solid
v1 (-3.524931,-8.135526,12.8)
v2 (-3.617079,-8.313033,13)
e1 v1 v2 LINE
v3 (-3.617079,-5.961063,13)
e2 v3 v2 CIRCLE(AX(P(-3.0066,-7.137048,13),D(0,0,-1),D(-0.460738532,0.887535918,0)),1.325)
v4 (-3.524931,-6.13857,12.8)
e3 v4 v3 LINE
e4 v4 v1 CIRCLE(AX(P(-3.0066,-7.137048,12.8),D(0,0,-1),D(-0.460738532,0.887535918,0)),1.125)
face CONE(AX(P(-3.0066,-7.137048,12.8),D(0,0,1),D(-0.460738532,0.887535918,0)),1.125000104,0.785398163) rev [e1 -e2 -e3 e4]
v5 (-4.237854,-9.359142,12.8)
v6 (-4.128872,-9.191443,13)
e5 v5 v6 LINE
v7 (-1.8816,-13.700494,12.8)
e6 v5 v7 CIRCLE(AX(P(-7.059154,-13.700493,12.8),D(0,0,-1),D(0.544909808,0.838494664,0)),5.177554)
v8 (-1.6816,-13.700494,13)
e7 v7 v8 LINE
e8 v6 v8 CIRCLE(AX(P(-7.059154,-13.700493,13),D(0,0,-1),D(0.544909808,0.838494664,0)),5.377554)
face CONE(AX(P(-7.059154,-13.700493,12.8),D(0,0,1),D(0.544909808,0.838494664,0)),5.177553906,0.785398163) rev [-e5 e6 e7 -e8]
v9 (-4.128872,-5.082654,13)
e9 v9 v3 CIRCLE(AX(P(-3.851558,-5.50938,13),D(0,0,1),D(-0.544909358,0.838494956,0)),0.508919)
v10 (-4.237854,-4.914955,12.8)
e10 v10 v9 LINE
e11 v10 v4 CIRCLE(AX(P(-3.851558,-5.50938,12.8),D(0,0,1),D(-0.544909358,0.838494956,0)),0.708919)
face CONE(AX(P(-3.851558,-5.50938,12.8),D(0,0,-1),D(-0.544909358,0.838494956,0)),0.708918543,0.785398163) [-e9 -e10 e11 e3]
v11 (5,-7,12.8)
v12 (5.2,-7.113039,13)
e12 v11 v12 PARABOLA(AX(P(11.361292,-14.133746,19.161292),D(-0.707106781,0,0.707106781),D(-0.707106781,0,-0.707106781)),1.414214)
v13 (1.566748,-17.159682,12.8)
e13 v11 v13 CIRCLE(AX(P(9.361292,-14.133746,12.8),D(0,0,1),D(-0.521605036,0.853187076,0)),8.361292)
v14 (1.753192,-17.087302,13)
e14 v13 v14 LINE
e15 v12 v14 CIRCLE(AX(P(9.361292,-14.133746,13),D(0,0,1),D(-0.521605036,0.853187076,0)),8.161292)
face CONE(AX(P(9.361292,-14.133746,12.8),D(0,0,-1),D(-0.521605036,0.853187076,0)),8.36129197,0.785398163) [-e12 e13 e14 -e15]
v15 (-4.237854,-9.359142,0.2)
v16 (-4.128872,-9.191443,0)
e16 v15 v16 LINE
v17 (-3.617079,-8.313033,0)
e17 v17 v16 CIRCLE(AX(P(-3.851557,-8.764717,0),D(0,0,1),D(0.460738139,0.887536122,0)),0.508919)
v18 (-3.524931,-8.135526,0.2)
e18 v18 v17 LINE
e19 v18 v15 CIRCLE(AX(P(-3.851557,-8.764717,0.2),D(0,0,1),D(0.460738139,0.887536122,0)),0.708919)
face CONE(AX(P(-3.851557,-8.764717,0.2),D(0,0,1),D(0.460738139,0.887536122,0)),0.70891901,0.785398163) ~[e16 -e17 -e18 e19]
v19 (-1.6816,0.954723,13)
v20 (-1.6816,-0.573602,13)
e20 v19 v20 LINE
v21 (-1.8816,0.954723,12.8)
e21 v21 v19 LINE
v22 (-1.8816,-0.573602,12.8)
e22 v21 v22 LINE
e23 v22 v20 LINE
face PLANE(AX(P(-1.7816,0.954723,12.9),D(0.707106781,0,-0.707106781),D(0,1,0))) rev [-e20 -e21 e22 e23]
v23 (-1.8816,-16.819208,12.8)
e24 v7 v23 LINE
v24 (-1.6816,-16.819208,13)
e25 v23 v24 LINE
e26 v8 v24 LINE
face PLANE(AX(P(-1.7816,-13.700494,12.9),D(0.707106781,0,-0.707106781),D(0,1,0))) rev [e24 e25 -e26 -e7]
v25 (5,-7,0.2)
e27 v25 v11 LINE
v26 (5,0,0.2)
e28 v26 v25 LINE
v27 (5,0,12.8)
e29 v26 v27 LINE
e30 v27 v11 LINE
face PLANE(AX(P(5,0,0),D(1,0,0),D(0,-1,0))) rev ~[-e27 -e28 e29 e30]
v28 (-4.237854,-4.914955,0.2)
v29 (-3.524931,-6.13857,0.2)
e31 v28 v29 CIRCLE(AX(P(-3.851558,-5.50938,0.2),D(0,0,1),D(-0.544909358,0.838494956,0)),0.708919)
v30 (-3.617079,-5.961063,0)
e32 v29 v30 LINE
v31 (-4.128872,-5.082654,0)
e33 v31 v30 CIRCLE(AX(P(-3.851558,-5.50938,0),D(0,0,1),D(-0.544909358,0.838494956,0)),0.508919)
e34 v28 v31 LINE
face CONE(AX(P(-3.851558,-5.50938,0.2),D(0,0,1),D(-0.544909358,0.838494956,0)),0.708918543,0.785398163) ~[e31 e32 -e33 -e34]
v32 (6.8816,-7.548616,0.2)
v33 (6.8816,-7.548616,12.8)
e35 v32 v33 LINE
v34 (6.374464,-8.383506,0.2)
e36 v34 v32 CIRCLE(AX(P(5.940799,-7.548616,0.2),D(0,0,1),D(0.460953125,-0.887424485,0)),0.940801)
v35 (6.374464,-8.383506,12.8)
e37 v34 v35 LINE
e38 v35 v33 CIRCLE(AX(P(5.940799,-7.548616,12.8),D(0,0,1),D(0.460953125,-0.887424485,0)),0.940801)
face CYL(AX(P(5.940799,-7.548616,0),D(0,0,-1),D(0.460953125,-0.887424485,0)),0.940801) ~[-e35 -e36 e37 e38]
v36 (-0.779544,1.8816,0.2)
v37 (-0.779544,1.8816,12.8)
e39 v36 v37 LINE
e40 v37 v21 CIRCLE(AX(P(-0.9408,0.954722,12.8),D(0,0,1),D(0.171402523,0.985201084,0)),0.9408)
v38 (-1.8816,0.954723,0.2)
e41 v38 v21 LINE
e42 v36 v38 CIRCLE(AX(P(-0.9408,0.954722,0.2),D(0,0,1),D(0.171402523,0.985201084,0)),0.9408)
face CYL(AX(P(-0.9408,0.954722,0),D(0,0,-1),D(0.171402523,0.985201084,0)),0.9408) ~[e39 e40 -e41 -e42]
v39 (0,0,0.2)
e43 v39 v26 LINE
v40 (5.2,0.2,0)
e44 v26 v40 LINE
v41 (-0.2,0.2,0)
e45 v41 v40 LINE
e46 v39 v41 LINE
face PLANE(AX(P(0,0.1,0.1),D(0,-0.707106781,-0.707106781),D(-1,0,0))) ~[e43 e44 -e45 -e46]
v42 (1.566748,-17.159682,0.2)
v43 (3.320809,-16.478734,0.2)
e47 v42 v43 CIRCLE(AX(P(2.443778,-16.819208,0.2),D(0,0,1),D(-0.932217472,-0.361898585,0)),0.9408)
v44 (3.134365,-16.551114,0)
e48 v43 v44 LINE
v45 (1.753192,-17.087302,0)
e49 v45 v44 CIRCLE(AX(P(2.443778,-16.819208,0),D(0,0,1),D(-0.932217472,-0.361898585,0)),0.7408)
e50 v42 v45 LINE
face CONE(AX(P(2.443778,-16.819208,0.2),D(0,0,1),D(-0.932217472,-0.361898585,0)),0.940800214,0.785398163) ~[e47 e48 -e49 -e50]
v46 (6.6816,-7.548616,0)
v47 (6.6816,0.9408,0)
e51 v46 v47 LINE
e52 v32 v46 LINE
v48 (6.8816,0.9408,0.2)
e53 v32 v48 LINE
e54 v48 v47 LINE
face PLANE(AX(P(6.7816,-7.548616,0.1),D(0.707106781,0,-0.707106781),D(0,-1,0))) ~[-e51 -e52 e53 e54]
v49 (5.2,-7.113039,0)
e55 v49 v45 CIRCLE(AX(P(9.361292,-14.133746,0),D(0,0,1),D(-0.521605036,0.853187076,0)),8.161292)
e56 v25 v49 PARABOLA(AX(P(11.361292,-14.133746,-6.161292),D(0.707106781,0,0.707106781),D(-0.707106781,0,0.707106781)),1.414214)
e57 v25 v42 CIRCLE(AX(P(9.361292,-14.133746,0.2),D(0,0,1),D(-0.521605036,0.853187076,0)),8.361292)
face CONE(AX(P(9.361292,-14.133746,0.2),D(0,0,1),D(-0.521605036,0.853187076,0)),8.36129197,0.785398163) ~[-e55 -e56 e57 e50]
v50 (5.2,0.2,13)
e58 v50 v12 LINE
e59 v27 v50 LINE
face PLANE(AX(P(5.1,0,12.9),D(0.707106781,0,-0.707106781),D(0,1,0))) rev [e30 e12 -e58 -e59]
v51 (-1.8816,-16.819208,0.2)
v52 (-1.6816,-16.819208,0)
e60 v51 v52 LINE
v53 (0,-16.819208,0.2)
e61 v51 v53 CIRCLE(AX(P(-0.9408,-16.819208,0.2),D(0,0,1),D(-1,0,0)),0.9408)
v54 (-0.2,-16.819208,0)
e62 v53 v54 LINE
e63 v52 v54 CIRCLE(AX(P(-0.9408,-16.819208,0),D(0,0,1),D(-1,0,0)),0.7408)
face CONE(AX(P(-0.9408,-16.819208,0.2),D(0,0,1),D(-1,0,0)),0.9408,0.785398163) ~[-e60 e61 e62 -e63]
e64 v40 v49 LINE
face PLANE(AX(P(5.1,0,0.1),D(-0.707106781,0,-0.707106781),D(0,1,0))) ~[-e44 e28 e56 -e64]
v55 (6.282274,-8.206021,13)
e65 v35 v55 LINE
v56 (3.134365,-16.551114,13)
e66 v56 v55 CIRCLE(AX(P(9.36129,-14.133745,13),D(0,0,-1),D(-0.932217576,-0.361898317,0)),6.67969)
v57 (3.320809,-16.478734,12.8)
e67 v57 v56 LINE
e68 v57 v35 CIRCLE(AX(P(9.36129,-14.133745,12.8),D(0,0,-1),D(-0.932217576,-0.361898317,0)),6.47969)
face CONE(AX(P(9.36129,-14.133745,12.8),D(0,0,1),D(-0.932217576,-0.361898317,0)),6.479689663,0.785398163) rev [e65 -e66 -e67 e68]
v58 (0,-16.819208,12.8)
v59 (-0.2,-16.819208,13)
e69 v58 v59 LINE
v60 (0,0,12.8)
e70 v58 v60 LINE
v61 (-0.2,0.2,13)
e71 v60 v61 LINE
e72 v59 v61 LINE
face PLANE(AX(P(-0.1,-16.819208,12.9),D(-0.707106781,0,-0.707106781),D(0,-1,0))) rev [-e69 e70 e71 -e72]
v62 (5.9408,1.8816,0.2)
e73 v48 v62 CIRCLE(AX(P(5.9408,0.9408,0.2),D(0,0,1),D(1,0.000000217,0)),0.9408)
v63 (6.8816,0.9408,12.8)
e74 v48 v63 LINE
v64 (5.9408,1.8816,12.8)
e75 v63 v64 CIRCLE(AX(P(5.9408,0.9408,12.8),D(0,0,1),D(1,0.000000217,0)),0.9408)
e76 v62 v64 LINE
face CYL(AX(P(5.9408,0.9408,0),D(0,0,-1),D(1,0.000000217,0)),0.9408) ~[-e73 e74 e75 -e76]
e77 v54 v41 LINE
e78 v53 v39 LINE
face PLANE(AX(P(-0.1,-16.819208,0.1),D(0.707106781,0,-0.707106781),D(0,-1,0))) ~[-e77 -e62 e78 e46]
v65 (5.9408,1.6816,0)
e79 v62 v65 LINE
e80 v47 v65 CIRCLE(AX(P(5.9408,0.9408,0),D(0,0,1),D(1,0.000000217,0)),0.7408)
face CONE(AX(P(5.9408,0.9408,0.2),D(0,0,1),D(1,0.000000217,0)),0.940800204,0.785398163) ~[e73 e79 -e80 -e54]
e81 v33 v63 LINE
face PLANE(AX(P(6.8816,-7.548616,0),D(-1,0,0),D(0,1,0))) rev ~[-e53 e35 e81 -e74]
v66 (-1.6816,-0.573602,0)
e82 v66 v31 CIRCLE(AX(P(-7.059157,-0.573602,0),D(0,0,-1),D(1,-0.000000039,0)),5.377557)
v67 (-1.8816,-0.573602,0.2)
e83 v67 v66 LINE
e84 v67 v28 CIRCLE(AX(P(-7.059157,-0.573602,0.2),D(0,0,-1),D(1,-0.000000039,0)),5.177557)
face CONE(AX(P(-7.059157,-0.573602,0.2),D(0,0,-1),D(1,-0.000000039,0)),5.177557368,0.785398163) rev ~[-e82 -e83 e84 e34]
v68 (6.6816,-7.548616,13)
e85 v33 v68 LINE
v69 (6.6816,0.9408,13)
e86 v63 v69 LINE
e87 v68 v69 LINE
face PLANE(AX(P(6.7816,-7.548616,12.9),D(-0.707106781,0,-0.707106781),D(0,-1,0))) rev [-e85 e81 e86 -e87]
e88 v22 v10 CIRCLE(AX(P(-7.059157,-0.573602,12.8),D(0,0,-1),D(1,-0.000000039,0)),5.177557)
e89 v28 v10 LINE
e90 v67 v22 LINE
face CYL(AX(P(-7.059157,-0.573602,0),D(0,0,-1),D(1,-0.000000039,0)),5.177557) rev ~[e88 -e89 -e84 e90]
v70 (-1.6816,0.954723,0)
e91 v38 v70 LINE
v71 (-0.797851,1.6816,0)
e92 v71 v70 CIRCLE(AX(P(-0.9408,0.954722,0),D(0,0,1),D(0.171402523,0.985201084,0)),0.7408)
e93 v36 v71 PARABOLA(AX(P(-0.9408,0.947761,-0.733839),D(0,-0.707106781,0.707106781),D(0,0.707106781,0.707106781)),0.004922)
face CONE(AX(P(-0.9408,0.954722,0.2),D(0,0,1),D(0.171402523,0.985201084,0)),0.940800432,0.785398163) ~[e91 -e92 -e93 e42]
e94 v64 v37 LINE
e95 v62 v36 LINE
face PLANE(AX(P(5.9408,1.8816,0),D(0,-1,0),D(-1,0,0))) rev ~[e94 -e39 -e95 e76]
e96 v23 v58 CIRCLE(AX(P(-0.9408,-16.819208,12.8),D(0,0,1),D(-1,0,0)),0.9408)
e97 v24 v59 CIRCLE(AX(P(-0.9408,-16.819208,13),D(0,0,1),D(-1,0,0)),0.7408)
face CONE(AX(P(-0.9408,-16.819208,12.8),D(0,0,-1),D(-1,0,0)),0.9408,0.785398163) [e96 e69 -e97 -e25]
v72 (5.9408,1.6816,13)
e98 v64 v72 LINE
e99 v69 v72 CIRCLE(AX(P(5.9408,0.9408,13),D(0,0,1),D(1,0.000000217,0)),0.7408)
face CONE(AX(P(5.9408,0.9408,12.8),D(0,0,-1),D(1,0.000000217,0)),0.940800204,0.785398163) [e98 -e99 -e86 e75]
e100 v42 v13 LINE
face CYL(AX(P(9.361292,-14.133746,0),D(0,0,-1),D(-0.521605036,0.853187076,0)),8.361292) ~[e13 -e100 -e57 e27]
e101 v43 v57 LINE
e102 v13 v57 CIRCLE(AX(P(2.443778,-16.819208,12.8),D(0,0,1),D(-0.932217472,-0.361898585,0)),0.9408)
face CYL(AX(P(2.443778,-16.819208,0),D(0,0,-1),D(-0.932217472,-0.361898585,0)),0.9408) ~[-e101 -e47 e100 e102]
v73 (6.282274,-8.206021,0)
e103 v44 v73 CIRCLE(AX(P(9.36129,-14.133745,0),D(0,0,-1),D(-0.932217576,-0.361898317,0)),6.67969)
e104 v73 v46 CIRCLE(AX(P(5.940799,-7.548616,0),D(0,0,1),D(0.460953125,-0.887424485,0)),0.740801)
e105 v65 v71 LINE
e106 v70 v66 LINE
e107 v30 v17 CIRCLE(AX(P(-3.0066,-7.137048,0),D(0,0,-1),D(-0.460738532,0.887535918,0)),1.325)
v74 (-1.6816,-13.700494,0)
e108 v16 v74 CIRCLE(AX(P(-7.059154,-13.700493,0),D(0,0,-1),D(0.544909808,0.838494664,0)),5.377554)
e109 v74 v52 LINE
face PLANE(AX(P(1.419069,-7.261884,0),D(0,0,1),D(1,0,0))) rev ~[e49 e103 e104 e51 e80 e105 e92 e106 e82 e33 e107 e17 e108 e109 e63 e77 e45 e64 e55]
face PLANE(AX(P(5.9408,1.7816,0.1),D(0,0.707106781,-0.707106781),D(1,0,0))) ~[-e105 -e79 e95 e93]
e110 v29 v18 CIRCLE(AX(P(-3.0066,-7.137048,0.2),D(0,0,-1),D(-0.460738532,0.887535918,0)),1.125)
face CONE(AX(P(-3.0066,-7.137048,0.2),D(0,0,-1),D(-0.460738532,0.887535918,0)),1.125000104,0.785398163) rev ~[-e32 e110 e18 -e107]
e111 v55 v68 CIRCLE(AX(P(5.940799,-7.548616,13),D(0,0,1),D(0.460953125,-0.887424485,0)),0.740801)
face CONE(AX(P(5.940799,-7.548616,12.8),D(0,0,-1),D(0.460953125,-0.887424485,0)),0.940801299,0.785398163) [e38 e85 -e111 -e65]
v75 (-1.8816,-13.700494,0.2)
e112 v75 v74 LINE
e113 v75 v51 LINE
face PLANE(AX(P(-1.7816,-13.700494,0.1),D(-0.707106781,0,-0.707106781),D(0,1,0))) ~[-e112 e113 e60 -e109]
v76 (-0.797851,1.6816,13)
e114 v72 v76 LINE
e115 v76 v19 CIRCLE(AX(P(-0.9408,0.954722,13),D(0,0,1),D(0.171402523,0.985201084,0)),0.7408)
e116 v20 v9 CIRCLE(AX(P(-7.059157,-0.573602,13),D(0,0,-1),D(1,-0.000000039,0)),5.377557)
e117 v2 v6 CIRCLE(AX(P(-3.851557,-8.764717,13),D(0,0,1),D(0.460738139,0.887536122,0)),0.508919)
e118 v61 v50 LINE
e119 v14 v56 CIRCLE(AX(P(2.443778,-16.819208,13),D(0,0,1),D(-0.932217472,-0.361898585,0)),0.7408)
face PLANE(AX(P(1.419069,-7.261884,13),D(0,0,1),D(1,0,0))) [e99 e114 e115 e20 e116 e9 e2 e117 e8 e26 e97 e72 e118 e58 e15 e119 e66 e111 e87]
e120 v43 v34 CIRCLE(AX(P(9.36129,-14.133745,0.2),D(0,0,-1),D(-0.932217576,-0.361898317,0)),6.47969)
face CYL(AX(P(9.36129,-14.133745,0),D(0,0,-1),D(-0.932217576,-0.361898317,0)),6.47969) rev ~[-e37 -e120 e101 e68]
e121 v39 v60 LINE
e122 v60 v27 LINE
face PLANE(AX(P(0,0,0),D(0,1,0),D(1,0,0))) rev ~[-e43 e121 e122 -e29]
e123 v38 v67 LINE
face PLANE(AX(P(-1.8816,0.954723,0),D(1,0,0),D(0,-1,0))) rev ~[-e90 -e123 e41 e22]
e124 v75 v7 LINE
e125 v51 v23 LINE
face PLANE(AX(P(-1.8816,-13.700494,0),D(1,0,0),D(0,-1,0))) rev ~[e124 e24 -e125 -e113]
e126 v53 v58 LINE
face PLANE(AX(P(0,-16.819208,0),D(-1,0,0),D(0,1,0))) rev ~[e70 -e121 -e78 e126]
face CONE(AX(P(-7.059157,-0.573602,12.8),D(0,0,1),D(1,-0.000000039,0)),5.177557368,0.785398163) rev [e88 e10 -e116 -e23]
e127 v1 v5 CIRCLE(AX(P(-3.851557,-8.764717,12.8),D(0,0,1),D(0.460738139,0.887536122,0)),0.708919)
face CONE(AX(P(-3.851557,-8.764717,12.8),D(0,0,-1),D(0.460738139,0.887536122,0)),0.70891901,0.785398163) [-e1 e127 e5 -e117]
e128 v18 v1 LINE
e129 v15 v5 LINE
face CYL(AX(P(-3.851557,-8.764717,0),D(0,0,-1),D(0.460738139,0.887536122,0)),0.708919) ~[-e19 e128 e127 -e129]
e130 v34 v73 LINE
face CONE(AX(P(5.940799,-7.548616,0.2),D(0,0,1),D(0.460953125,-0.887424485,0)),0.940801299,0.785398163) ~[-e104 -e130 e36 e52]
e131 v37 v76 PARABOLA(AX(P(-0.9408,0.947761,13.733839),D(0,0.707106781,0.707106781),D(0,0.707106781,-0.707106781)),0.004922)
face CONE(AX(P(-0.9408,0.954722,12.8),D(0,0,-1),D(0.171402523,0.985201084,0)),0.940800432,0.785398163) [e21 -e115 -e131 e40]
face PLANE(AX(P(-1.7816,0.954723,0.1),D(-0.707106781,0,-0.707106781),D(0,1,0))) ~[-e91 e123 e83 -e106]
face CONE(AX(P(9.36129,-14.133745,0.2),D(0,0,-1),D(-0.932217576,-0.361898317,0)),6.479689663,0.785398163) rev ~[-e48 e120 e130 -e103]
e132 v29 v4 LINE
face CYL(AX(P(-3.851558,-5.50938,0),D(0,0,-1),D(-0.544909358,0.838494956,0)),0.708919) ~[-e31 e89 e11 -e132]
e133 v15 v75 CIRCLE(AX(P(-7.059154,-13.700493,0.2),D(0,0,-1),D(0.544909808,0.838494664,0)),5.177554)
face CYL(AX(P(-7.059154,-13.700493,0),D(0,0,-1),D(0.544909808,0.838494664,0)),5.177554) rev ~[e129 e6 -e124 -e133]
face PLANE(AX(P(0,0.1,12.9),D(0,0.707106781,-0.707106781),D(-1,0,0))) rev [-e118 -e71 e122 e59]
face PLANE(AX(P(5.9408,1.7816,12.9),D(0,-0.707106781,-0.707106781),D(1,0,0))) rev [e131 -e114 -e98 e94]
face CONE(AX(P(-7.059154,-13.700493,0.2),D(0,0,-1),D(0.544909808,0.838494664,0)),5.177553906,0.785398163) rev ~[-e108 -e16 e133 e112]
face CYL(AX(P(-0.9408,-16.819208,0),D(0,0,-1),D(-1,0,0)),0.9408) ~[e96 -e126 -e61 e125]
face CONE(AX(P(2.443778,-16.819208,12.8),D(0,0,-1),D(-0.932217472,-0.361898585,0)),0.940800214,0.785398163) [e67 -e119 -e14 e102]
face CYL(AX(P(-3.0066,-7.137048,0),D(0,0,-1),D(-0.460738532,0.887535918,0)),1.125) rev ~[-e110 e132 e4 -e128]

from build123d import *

# Parameters (mm, degrees)
F1_DEPTH = 13
F2_SIZE  = 0.2


with BuildPart() as f1:
    # F0 (on Top) → F1 (new body)
    with BuildSketch(Plane.XY):
        with BuildLine():
            ThreePointArc((-1.8816, -16.819208), (-0.9408, -17.760008), (0, -16.819208))
            Line((0, -16.819208), (0, 0))
            Line((0, 0), (5, 0))
            Line((5, 0), (5, -7))
            ThreePointArc((5, -7), (1.440063, -11.456932), (1.566748, -17.159682))
            ThreePointArc((1.566748, -17.159682), (2.784253, -17.696238), (3.320809, -16.478734))
            ThreePointArc((3.320809, -16.478734), (3.298597, -11.846796), (6.374464, -8.383506))
            ThreePointArc((6.374464, -8.383506), (6.744882, -8.037039), (6.8816, -7.548616))
            Line((6.8816, -7.548616), (6.8816, 0.9408))
            ThreePointArc((6.8816, 0.9408), (6.606046, 1.606046), (5.9408, 1.8816))
            Line((5.9408, 1.8816), (-0.779544, 1.8816))
            ThreePointArc((-0.779544, 1.8816), (-1.546355, 1.674728), (-1.8816, 0.954723))
            Line((-1.8816, 0.954723), (-1.8816, -0.573602))
            ThreePointArc((-1.8816, -0.573602), (-2.508632, -3.043383), (-4.237854, -4.914955))
            ThreePointArc((-4.237854, -4.914955), (-4.464092, -5.866265), (-3.524931, -6.13857))
            ThreePointArc((-3.524931, -6.13857), (-1.8816, -7.137048), (-3.524931, -8.135526))
            ThreePointArc((-3.524931, -8.135526), (-4.464092, -8.407832), (-4.237854, -9.359142))
            ThreePointArc((-4.237854, -9.359142), (-2.508632, -11.230713), (-1.8816, -13.700494))
            Line((-1.8816, -13.700494), (-1.8816, -16.819208))
        make_face()
    extrude(amount=F1_DEPTH)

    # F2
    f2_edges = [f1.edges().sort_by_distance(p)[0] for p in [
        (-2.508632, -11.230713, 0),
        (-1.8816, -15.259851, 0),
        (-0.9408, -17.760008, 0),
        (0, -8.409604, 0),
        (2.5, 0, 0),
        (5, -3.5, 0),
        (1.440063, -11.456932, 0),
        (2.784253, -17.696238, 0),
        (3.298597, -11.846796, 0),
        (6.744882, -8.037039, 0),
        (6.8816, -3.303908, 0),
        (6.606046, 1.606046, 0),
        (2.580628, 1.8816, 0),
        (-1.546355, 1.674728, 0),
        (-1.8816, 0.19056, 0),
        (-2.508632, -3.043383, 0),
        (-4.464092, -5.866265, 0),
        (-1.8816, -7.137048, 0),
        (-4.464092, -8.407832, 0),
        (-2.508632, -11.230713, 13),
        (-1.8816, -15.259851, 13),
        (-0.9408, -17.760008, 13),
        (0, -8.409604, 13),
        (2.5, 0, 13),
        (5, -3.5, 13),
        (1.440063, -11.456932, 13),
        (2.784253, -17.696238, 13),
        (3.298597, -11.846796, 13),
        (6.744882, -8.037039, 13),
        (6.8816, -3.303908, 13),
        (6.606046, 1.606046, 13),
        (2.580628, 1.8816, 13),
        (-1.546355, 1.674728, 13),
        (-1.8816, 0.19056, 13),
        (-2.508632, -3.043383, 13),
        (-4.464092, -5.866265, 13),
        (-1.8816, -7.137048, 13),
        (-4.464092, -8.407832, 13),
    ]]
    chamfer(f2_edges, length=F2_SIZE)


solid = f1.part
